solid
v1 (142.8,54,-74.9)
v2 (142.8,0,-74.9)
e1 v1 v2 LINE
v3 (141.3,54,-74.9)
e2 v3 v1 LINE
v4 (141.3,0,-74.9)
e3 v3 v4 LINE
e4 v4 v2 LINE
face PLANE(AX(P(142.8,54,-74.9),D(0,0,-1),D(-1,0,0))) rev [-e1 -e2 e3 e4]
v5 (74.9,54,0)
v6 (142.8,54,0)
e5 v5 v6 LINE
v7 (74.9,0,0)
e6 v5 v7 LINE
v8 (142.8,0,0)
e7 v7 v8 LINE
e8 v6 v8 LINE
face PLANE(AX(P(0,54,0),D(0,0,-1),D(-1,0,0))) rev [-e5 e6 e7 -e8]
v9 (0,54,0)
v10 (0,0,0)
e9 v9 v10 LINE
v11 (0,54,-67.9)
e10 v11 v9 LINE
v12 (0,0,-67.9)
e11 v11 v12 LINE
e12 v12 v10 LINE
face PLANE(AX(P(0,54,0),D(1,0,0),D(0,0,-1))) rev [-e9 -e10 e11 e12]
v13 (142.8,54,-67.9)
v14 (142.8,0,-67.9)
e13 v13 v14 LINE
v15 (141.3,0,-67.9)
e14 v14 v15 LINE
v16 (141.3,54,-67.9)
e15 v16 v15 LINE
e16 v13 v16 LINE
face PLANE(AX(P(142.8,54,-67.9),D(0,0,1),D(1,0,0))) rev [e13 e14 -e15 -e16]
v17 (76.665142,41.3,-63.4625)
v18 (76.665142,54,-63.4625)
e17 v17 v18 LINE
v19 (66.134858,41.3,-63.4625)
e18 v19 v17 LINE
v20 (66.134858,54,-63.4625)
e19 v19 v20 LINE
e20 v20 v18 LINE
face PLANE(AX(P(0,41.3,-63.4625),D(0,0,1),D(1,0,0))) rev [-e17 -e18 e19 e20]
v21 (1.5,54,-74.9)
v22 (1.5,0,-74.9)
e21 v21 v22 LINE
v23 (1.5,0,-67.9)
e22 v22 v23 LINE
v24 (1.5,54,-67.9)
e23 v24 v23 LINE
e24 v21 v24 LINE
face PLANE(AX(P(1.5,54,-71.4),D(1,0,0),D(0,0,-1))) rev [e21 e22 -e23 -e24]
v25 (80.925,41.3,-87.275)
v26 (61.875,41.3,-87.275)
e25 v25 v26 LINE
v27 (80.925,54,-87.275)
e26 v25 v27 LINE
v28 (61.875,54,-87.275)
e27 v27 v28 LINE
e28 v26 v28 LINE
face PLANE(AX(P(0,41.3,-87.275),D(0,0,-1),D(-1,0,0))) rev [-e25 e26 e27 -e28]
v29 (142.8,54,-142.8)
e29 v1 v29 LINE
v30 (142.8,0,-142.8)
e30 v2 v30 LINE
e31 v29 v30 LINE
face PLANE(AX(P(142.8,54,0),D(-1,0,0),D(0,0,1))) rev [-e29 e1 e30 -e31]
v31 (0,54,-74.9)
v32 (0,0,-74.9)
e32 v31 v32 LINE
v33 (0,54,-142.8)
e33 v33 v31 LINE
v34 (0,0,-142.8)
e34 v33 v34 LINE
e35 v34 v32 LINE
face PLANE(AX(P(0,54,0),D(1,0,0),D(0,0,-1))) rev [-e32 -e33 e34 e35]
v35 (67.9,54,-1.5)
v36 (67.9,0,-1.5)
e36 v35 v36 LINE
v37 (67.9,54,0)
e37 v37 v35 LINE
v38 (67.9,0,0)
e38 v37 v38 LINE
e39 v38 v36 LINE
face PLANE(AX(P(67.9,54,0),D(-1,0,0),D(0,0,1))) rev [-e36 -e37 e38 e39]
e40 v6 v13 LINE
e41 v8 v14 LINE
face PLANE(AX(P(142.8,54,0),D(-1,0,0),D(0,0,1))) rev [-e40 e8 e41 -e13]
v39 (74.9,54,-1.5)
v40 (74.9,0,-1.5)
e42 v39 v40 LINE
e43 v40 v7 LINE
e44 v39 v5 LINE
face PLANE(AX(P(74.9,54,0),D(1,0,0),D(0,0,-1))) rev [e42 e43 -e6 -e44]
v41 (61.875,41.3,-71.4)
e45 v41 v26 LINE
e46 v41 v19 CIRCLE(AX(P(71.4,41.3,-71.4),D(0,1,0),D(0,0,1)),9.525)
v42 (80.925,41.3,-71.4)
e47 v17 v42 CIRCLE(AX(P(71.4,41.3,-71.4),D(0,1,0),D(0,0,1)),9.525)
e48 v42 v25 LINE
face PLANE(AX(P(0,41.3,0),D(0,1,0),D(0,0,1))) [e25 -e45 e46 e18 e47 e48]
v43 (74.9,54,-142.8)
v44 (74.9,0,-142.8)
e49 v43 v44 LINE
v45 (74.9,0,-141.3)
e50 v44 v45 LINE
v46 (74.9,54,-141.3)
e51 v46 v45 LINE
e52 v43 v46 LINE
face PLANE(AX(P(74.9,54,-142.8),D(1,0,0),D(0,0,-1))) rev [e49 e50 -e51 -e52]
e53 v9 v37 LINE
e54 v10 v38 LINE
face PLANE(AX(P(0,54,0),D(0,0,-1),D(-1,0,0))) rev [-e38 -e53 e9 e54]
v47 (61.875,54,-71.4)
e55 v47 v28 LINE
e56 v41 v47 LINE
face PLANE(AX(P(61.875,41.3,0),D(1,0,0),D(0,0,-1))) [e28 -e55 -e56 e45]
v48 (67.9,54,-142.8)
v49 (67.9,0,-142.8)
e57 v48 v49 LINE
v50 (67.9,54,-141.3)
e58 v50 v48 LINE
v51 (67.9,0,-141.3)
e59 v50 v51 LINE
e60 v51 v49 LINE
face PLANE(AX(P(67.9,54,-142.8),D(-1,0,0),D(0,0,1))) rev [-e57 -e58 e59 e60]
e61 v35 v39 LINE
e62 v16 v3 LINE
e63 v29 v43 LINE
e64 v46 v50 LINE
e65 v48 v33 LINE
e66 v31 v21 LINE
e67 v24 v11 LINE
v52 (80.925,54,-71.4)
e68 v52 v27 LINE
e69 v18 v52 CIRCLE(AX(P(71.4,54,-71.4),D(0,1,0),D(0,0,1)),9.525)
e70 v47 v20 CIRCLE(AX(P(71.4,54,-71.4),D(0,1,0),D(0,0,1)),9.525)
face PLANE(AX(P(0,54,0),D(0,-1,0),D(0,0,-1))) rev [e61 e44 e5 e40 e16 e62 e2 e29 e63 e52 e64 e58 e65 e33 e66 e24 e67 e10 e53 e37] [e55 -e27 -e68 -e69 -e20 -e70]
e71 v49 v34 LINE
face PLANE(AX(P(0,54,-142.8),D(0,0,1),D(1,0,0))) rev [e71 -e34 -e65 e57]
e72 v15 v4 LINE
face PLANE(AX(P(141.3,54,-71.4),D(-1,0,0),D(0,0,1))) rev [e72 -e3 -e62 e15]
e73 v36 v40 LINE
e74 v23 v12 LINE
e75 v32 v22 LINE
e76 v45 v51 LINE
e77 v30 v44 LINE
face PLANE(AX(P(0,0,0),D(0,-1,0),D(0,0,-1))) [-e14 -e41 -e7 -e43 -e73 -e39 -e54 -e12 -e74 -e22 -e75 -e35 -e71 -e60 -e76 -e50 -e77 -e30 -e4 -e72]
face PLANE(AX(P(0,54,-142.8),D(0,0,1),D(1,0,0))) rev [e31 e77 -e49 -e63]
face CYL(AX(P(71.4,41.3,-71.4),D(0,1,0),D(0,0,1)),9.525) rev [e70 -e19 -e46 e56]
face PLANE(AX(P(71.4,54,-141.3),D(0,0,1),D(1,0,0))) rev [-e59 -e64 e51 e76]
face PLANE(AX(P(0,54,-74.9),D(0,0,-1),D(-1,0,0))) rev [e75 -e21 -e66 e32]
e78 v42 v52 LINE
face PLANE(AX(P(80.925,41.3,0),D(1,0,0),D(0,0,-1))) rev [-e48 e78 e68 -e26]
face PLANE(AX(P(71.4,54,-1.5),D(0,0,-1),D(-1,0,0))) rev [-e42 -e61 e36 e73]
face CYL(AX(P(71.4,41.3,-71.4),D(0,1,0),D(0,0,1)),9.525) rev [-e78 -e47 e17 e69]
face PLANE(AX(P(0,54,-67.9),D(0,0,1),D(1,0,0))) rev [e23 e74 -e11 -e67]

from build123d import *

# Parameters (mm, degrees)
SKETCH1_W           = 142.8
SKETCH1_H           = 142.8
BOSS_EXTRUDE1_DEPTH = 54
SKETCH2_W           = 10.53028371
SKETCH2_H           = 7.9375
CUT_EXTRUDE1_DEPTH  = 12.7
CUT_EXTRUDE5_DEPTH  = 210.044684218
CIRPATTERN3_COUNT   = 4


with BuildPart() as part:
    # Sketch1 → Boss-Extrude1 (new body)
    with BuildSketch(Plane(origin=(0, 0, 0), x_dir=(1, 0, 0), z_dir=(0, 1, 0))):
        with Locations((71.4, 71.4)):
            Rectangle(SKETCH1_W, SKETCH1_H)
    extrude(amount=BOSS_EXTRUDE1_DEPTH)

    # Sketch2 → Cut-Extrude1 (cut)
    with BuildSketch(Plane(origin=(0, 54, 0), x_dir=(1, 0, 0), z_dir=(0, 1, 0))):
        with BuildLine():
            ThreePointArc((76.665141855, 79.3375), (79.792737967, 75.904173), (80.925, 71.4))
            Line((80.925, 71.4), (80.925, 87.275))
            Line((80.925, 87.275), (61.875, 87.275))
            Line((61.875, 87.275), (61.875, 71.4))
            ThreePointArc((61.875, 71.4), (63.007262033, 75.904173), (66.134858145, 79.3375))
            ThreePointArc((66.134858145, 79.3375), (71.4, 80.925), (76.665141855, 79.3375))
        make_face()
        with BuildLine():
            ThreePointArc((76.665141855, 63.4625), (79.792737967, 66.895827), (80.925, 71.4))
            Line((80.925, 71.4), (76.665141855, 71.4))
            Line((76.665141855, 71.4), (76.665141855, 63.4625))
        make_face()
        with BuildLine():
            Line((76.665141855, 71.4), (80.925, 71.4))
            ThreePointArc((80.925, 71.4), (79.792737967, 75.904173), (76.665141855, 79.3375))
            Line((76.665141855, 79.3375), (76.665141855, 71.4))
        make_face()
        with BuildLine():
            Line((66.134858145, 63.4625), (66.134858145, 71.4))
            Line((66.134858145, 71.4), (61.875, 71.4))
            ThreePointArc((61.875, 71.4), (63.007262033, 66.895827), (66.134858145, 63.4625))
        make_face()
        with BuildLine():
            Line((61.875, 71.4), (66.134858145, 71.4))
            Line((66.134858145, 71.4), (66.134858145, 79.3375))
            ThreePointArc((66.134858145, 79.3375), (63.007262033, 75.904173), (61.875, 71.4))
        make_face()
        with Locations((71.4, 75.36875)):
            Rectangle(SKETCH2_W, SKETCH2_H)
        with BuildLine():
            Line((66.134858145, 79.3375), (76.665141855, 79.3375))
            ThreePointArc((76.665141855, 79.3375), (71.4, 80.925), (66.134858145, 79.3375))
        make_face()
        with BuildLine():
            ThreePointArc((76.665141855, 63.4625), (79.792737967, 66.895827), (80.925, 71.4))
            Line((80.925, 71.4), (76.665141855, 71.4))
            Line((76.665141855, 71.4), (76.665141855, 63.4625))
        make_face()
        with BuildLine():
            Line((76.665141855, 71.4), (80.925, 71.4))
            ThreePointArc((80.925, 71.4), (79.792737967, 75.904173), (76.665141855, 79.3375))
            Line((76.665141855, 79.3375), (76.665141855, 71.4))
        make_face()
        with BuildLine():
            Line((66.134858145, 63.4625), (66.134858145, 71.4))
            Line((66.134858145, 71.4), (61.875, 71.4))
            ThreePointArc((61.875, 71.4), (63.007262033, 66.895827), (66.134858145, 63.4625))
        make_face()
        with BuildLine():
            Line((61.875, 71.4), (66.134858145, 71.4))
            Line((66.134858145, 71.4), (66.134858145, 79.3375))
            ThreePointArc((66.134858145, 79.3375), (63.007262033, 75.904173), (61.875, 71.4))
        make_face()
        with Locations((71.4, 67.43125)):
            Rectangle(SKETCH2_W, SKETCH2_H)
    extrude(amount=-CUT_EXTRUDE1_DEPTH, mode=Mode.SUBTRACT)

    # Sketch7 → Cut-Extrude5 (cut, through all)
    with BuildSketch(Plane.XZ):
        Polygon((71.4, -142.8), (74.9, -142.8), (74.9, -141.3), (71.4, -141.3), (67.9, -141.3), (67.9, -142.8), align=None)
    cut_extrude5 = extrude(amount=-CUT_EXTRUDE5_DEPTH, mode=Mode.SUBTRACT)

    # CirPattern3: Cut-Extrude5 ×4 about axis
    cirpattern3_axis = Axis((71.4, 0, -71.4), (0, -1, 0))
    for i in range(1, CIRPATTERN3_COUNT):
        add(cut_extrude5.rotate(cirpattern3_axis, i * 360 / CIRPATTERN3_COUNT), mode=Mode.SUBTRACT)


solid = part.part
